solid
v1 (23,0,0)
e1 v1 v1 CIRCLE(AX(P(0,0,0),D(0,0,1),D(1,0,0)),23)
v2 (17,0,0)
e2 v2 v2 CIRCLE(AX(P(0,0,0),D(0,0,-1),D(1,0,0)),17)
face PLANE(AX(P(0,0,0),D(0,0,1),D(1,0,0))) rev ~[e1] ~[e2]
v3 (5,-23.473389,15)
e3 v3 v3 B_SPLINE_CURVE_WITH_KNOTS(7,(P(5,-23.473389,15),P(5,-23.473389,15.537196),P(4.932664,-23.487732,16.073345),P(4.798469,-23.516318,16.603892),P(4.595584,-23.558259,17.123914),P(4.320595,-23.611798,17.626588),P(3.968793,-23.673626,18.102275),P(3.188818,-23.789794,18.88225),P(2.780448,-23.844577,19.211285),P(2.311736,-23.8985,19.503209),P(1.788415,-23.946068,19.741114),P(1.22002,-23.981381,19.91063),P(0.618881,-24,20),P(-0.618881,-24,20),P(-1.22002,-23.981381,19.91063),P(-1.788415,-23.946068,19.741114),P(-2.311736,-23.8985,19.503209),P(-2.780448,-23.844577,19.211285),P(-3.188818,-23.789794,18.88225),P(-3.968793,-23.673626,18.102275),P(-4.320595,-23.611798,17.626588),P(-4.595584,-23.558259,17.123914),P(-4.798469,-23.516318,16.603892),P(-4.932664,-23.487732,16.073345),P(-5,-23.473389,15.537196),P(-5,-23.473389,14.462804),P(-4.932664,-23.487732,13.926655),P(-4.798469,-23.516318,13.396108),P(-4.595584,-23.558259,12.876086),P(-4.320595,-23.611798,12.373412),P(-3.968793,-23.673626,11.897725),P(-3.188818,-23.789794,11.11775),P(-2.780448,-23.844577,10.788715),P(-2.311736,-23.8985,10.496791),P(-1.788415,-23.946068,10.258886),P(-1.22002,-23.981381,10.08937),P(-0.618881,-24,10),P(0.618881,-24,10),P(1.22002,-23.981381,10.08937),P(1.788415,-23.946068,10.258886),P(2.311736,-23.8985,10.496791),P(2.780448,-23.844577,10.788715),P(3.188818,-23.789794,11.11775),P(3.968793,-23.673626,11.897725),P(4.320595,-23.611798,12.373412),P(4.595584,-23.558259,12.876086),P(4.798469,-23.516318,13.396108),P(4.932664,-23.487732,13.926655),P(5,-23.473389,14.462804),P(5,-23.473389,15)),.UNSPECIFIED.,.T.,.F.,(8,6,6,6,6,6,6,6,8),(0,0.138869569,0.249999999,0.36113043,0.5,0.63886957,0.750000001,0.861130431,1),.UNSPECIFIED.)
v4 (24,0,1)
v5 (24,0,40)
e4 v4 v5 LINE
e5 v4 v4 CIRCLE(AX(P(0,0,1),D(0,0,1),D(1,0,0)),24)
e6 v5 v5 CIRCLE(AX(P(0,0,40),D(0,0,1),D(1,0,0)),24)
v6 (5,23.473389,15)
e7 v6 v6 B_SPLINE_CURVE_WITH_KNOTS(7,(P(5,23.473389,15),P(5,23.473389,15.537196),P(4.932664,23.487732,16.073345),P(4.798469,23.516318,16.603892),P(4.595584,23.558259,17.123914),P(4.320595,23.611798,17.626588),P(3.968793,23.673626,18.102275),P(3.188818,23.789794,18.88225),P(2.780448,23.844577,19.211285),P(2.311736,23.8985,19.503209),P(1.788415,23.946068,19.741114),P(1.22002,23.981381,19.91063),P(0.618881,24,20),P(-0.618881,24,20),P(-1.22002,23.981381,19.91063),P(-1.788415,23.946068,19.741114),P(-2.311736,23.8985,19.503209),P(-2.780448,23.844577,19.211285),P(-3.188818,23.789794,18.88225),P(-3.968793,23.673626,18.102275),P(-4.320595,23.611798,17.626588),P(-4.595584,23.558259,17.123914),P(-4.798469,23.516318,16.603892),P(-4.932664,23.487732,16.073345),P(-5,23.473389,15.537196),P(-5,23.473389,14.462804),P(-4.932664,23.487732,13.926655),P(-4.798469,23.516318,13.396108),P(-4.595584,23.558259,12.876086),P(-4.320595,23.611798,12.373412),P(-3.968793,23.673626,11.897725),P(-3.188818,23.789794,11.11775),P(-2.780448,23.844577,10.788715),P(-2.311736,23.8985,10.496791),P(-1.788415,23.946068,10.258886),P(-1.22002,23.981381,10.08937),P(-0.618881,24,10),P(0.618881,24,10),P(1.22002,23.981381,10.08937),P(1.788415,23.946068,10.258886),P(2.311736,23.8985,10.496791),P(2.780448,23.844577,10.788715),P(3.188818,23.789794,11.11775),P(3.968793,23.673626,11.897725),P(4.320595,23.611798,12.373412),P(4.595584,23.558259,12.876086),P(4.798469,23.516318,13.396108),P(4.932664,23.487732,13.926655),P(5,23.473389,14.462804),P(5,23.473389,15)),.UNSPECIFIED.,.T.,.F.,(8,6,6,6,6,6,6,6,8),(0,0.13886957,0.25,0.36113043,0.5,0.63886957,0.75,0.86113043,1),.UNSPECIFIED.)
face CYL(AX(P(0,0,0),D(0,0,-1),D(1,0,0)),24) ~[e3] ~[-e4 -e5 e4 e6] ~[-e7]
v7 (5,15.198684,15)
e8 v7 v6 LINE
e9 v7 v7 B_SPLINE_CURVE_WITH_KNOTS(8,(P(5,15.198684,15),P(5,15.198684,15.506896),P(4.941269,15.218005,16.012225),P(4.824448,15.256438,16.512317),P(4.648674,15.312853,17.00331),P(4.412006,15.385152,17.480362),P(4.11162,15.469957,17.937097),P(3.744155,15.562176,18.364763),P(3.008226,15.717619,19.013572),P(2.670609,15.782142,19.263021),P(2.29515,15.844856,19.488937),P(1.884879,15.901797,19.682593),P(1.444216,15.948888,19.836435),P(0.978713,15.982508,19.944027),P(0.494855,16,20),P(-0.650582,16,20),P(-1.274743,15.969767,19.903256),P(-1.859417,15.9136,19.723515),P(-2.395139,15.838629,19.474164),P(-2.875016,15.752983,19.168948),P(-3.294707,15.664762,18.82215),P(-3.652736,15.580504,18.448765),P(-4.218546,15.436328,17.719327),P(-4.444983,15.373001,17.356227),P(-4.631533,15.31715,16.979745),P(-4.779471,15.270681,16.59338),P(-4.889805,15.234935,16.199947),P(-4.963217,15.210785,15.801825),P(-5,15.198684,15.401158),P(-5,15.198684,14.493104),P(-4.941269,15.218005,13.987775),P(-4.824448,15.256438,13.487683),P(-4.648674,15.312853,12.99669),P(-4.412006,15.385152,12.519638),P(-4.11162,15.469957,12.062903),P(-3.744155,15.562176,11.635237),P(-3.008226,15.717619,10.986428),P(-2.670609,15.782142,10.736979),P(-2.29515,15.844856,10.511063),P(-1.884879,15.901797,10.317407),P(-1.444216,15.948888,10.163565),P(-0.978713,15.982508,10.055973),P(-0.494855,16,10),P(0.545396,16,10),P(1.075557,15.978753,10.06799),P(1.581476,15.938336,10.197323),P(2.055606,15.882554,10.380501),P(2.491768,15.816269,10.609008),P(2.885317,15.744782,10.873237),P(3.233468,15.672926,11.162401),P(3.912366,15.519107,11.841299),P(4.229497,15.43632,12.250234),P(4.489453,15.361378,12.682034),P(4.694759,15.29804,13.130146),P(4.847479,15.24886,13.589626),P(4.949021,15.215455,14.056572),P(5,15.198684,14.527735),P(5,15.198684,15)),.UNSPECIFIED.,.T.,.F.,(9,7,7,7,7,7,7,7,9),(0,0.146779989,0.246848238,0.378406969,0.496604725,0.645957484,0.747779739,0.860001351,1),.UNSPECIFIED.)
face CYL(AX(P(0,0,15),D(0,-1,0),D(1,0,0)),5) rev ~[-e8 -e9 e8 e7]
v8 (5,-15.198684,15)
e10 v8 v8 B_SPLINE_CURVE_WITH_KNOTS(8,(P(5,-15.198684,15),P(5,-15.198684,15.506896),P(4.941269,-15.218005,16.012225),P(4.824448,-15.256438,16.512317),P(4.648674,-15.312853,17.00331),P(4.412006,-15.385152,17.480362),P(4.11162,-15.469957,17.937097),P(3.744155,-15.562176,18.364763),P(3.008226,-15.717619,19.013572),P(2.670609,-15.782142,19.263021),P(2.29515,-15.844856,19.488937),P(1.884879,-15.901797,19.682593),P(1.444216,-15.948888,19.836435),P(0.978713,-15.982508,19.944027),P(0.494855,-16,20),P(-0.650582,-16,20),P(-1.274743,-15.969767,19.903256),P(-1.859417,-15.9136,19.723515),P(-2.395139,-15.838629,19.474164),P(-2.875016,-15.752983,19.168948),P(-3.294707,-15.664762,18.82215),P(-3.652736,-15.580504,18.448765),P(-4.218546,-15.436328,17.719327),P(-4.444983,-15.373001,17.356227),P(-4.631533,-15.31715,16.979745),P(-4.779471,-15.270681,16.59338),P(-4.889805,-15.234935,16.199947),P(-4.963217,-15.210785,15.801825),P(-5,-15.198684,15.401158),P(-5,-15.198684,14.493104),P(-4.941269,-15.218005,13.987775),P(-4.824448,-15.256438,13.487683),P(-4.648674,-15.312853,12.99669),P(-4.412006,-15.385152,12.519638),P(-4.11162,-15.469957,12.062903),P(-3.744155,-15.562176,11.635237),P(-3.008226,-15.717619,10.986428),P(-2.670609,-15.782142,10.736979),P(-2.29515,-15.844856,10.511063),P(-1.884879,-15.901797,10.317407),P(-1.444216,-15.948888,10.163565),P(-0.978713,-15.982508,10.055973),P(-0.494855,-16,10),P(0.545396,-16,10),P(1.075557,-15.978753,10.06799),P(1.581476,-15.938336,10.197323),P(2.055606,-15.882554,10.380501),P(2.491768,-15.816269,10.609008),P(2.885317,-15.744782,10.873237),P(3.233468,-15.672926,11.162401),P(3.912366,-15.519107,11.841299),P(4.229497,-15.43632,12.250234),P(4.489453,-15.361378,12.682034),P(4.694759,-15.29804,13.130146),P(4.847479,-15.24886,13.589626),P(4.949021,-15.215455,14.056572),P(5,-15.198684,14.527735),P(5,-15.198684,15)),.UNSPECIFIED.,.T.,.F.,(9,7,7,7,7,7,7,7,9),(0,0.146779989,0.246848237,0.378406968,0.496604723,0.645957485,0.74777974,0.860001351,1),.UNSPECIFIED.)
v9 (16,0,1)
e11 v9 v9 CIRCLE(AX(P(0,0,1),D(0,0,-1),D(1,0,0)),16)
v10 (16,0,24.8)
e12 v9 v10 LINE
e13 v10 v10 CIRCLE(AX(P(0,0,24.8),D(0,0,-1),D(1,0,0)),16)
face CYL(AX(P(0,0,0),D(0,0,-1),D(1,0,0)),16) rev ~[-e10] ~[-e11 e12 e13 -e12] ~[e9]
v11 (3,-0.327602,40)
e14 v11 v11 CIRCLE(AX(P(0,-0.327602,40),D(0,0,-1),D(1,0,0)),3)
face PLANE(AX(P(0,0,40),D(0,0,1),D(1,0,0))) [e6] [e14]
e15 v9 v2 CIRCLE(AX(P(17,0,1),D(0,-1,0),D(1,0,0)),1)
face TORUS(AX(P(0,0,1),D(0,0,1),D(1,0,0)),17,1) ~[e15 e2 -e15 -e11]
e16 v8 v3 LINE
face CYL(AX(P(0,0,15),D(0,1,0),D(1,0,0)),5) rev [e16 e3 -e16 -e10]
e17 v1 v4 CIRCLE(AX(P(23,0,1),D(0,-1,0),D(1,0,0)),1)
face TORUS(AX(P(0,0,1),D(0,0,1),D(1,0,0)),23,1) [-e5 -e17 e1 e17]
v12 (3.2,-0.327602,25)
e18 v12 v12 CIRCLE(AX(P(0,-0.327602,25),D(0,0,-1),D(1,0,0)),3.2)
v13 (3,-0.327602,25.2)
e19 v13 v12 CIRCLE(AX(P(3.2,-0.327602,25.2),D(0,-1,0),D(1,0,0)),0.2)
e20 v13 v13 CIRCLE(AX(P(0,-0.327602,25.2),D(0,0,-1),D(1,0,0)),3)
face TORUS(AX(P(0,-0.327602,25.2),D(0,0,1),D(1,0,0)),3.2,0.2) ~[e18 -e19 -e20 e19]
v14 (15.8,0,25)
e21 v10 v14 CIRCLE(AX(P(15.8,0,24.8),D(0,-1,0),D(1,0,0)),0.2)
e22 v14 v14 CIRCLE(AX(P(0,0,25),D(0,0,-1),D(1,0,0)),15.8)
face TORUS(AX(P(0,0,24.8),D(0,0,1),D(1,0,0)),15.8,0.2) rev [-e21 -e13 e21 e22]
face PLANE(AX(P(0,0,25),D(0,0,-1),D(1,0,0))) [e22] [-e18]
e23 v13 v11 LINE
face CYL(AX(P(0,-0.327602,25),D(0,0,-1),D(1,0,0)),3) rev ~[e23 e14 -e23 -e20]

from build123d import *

# Parameters (mm, degrees)
F0_R      = 24
F1_DEPTH  = 40
F2_R      = 16
F3_DEPTH  = 25
F4_R      = 3
F5_DEPTH  = 25
F6_R      = 0.2
F7_R      = 1
F8_R      = 5
F9_DEPTH  = 50
F10_R     = 5
F11_DEPTH = 25


with BuildPart() as f1:
    # F0 (on Top) → F1 (new body)
    with BuildSketch(Plane.XY):
        Circle(F0_R)
    extrude(amount=F1_DEPTH)

    # F2 (on face) → F3 (cut)
    with BuildSketch(Plane(origin=(0, 0, 0), x_dir=(1, 0, 0), z_dir=(0, 0, -1))):
        Circle(F2_R)
    extrude(amount=-F3_DEPTH, mode=Mode.SUBTRACT)

    # F4 (on face) → F5 (cut)
    with BuildSketch(Plane(origin=(0, 0, 25), x_dir=(1, 0, 0), z_dir=(0, 0, -1))):
        with Locations((0, 0.3276021098)):
            Circle(F4_R)
    extrude(amount=-F5_DEPTH, mode=Mode.SUBTRACT)

    # F6
    f6_edges = [f1.edges().sort_by_distance(p)[0] for p in [
        (-3, -0.327602, 25),
        (-16, 0, 25),
    ]]
    fillet(f6_edges, radius=F6_R)

    # F7
    f7_edges = [f1.edges().sort_by_distance(p)[0] for p in [
        (-16, 0, 0),
        (-24, 0, 0),
    ]]
    fillet(f7_edges, radius=F7_R)

    # F8 (on Front) → F9 (cut)
    with BuildSketch(Plane.XZ):
        with Locations((0, 15)):
            Circle(F8_R)
    extrude(amount=F9_DEPTH, mode=Mode.SUBTRACT)

    # F10 (on Front) → F11 (cut)
    with BuildSketch(Plane.XZ):
        with Locations((0, 15)):
            Circle(F10_R)
    extrude(amount=-F11_DEPTH, mode=Mode.SUBTRACT)


solid = f1.part
